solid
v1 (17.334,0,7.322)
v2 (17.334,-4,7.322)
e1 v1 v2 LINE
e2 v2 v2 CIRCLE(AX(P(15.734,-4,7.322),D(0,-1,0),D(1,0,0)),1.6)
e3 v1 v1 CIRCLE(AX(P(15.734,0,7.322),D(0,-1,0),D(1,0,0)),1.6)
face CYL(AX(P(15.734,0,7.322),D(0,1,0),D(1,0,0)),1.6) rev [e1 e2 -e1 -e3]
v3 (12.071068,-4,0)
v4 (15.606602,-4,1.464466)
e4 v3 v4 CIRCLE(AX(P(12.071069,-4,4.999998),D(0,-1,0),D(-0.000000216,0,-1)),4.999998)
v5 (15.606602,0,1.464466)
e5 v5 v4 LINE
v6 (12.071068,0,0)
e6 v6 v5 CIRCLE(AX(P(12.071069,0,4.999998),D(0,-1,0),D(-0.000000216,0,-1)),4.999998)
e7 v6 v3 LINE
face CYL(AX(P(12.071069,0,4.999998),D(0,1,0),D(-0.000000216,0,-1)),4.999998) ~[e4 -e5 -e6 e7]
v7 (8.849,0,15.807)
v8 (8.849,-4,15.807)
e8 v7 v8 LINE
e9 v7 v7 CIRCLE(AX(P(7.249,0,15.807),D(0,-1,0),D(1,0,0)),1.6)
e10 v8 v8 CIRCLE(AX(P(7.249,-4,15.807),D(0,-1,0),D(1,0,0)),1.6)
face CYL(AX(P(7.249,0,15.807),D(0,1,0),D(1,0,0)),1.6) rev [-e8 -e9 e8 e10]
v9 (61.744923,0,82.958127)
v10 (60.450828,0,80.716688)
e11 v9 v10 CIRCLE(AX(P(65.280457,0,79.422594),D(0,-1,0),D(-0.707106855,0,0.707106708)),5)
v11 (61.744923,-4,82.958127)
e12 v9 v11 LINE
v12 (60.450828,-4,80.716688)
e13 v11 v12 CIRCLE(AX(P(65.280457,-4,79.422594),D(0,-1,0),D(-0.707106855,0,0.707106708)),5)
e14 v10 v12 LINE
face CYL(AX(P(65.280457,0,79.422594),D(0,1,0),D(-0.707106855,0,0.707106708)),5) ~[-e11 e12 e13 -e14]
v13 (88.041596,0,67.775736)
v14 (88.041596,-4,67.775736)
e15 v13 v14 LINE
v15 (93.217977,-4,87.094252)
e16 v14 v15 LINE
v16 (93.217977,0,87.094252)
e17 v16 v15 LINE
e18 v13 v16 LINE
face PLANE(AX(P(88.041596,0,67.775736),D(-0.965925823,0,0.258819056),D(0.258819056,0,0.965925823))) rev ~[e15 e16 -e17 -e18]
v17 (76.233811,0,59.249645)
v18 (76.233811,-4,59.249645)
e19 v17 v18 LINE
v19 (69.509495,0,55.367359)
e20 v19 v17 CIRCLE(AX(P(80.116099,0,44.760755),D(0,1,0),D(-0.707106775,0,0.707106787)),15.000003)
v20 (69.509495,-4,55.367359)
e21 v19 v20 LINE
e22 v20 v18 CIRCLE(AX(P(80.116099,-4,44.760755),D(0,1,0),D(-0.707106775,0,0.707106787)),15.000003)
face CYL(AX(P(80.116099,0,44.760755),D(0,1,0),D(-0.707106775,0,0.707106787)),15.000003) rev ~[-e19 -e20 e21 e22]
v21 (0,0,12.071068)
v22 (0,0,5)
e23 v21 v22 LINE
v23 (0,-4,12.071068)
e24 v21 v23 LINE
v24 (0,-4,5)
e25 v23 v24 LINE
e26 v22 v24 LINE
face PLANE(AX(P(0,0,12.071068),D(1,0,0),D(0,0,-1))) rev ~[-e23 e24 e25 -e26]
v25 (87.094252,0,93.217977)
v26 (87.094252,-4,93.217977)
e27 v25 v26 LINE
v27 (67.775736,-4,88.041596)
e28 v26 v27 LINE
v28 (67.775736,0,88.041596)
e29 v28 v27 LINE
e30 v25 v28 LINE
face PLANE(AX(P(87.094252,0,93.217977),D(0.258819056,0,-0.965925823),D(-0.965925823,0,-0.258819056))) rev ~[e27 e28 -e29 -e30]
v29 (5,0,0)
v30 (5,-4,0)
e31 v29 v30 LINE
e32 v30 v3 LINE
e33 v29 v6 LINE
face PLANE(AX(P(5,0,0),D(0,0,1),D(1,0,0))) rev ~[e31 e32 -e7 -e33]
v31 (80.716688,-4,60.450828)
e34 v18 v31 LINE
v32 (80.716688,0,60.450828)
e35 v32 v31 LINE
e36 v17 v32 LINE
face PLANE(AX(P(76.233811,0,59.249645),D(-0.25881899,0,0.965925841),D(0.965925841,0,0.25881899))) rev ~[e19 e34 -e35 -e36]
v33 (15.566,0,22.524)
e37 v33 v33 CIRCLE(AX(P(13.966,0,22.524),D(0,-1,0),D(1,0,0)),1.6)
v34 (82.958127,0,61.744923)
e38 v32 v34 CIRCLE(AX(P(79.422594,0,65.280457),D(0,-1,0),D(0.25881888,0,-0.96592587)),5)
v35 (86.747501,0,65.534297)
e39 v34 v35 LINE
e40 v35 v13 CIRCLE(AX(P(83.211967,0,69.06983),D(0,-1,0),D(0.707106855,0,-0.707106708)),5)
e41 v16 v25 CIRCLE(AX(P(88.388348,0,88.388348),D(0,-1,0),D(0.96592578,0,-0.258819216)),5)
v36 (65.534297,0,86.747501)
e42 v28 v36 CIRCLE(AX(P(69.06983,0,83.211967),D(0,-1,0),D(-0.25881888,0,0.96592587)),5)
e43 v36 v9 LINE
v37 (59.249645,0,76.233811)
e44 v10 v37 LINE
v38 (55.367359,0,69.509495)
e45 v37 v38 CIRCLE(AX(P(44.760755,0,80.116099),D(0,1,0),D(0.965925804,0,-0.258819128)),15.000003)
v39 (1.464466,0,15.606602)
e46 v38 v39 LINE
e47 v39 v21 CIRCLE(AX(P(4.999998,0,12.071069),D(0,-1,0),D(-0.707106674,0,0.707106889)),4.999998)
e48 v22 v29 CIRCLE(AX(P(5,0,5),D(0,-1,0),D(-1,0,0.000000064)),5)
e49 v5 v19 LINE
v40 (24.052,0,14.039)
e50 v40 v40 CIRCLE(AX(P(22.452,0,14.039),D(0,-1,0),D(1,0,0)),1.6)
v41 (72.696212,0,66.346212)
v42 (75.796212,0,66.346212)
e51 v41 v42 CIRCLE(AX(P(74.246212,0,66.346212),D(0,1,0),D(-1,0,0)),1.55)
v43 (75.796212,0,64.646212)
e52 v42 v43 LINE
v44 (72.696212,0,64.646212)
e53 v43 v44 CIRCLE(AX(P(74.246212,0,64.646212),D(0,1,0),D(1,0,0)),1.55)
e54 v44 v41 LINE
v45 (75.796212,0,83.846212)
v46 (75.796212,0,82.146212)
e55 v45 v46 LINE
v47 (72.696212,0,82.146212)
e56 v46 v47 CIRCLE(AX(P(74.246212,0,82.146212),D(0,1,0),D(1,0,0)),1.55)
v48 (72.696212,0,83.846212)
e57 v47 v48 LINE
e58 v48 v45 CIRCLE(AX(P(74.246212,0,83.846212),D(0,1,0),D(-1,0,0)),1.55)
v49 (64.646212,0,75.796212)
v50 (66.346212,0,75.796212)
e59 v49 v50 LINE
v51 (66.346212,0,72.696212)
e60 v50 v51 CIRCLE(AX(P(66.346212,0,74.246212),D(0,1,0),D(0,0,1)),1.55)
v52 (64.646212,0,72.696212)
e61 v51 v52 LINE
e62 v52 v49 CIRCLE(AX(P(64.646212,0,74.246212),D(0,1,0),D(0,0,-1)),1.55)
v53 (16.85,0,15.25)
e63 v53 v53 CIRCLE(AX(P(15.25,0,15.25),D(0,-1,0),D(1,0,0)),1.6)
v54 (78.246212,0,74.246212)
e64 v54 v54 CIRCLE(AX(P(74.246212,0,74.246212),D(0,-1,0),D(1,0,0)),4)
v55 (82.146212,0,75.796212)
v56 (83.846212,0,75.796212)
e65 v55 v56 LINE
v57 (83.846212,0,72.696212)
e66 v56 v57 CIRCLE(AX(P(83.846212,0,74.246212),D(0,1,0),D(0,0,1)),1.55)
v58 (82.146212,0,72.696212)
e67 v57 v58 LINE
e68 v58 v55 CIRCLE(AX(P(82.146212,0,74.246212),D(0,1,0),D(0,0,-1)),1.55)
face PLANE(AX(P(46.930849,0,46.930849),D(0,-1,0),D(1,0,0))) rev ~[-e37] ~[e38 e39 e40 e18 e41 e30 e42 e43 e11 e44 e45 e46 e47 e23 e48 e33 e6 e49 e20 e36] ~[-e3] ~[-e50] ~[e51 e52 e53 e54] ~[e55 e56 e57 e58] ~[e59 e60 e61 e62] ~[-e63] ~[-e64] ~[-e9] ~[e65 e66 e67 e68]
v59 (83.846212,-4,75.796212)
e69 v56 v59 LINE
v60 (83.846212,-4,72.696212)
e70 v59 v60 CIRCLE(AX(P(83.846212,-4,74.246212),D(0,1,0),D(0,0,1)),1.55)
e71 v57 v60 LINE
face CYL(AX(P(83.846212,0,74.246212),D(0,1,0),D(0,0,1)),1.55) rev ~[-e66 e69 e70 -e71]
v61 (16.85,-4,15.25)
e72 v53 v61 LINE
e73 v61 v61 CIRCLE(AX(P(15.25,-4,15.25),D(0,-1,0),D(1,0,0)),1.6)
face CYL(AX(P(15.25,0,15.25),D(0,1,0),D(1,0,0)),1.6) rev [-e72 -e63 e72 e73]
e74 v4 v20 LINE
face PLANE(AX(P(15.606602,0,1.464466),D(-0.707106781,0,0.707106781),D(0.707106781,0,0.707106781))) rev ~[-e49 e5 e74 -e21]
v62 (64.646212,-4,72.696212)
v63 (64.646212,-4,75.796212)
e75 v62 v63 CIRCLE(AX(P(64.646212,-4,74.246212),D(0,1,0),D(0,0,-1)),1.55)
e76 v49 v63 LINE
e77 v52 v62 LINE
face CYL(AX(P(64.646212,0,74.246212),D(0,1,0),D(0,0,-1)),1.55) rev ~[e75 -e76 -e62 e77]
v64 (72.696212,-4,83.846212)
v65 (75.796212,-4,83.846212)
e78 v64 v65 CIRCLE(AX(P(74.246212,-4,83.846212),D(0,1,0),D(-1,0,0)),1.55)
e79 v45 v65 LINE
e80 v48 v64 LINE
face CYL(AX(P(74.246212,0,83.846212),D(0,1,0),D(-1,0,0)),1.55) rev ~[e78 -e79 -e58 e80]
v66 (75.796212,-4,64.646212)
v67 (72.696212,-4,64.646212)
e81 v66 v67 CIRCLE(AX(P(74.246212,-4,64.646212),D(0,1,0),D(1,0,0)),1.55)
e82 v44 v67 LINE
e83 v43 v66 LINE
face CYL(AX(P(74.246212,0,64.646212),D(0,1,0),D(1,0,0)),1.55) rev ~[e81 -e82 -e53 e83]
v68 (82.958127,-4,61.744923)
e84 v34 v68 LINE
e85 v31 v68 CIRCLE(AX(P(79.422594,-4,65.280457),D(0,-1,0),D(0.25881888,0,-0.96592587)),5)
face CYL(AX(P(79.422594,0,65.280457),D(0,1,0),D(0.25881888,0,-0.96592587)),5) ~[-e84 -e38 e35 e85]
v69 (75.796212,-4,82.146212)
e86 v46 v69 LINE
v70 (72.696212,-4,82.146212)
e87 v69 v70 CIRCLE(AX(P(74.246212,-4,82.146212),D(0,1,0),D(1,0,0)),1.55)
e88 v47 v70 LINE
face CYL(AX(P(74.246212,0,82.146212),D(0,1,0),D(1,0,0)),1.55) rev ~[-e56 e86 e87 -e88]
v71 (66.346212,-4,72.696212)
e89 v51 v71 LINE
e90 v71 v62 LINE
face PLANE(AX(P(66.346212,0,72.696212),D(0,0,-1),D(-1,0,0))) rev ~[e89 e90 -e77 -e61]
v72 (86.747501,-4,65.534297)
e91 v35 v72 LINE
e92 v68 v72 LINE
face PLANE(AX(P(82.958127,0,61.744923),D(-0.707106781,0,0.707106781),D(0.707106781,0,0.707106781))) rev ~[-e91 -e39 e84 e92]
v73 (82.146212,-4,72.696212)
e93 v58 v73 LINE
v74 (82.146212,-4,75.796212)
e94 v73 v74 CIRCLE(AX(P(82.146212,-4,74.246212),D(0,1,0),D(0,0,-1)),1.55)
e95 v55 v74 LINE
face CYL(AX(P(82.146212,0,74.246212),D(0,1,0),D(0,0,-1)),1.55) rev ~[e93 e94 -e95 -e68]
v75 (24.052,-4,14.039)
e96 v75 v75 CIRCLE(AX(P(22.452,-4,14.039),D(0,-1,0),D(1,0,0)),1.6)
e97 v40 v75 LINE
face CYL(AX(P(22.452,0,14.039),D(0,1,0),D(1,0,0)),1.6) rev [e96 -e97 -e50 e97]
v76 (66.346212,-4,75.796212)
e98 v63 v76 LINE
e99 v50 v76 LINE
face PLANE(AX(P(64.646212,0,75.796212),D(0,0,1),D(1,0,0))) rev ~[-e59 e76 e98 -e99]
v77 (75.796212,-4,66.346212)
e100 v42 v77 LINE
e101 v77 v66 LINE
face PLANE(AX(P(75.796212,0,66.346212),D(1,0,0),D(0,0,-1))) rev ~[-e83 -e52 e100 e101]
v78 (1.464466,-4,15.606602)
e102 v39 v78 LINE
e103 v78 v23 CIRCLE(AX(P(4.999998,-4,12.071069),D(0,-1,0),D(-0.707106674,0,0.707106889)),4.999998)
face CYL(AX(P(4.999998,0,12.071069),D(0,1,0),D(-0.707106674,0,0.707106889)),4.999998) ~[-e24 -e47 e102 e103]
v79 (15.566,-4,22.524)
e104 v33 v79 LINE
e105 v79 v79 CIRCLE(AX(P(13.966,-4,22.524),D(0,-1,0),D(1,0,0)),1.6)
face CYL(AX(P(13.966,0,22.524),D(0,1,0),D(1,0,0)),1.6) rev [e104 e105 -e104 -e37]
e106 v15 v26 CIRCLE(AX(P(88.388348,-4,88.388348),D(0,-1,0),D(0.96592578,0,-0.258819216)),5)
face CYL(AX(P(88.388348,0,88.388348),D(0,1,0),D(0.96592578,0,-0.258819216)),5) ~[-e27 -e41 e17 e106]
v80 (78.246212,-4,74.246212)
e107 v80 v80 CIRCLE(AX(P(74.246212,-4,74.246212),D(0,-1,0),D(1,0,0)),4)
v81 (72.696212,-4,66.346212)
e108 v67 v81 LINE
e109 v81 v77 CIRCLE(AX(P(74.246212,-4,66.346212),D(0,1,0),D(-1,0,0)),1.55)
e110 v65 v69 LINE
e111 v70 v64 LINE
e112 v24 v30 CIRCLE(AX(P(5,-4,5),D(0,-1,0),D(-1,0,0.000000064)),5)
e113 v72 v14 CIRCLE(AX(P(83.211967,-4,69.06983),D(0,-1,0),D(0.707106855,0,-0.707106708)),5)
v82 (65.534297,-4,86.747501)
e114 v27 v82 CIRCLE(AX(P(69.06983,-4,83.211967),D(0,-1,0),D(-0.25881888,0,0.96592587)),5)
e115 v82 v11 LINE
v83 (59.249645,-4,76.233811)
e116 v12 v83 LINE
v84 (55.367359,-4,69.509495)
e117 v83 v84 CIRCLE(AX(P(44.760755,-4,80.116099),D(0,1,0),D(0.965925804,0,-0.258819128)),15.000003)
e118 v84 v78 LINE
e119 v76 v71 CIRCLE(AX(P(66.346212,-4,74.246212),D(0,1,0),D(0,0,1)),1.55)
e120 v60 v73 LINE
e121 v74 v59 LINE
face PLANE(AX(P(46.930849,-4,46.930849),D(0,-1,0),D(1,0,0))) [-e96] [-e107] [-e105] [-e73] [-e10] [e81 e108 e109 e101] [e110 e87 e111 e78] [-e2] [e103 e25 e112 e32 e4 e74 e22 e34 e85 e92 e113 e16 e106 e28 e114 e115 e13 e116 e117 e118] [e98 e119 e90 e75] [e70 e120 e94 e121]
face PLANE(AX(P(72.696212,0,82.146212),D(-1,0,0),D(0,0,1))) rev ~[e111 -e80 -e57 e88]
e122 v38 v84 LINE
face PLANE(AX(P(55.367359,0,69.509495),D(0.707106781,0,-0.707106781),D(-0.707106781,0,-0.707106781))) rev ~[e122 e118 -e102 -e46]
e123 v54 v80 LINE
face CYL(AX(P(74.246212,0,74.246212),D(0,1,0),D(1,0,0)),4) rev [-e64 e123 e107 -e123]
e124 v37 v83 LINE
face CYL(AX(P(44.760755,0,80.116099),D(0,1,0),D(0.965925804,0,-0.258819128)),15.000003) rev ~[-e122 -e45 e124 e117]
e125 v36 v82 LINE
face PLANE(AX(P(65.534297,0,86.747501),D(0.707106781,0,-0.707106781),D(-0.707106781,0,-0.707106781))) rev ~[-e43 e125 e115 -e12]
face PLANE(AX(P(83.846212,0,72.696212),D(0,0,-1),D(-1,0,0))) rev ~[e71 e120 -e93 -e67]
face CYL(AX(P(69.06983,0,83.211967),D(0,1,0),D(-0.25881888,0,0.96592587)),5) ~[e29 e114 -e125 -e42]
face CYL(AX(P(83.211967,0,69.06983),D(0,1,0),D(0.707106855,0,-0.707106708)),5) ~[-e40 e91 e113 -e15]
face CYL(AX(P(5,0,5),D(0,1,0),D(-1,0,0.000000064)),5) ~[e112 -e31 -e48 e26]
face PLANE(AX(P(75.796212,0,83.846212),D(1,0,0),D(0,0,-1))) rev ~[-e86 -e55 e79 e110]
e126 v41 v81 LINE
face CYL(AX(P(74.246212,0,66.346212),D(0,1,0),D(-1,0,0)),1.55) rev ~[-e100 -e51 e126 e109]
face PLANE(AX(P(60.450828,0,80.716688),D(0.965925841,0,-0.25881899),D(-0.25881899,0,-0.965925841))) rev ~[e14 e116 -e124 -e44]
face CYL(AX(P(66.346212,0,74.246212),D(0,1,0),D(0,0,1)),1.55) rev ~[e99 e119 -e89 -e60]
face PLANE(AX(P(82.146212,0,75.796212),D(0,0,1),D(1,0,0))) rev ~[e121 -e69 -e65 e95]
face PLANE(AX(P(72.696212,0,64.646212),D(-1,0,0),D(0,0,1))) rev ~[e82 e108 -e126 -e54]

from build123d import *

# Parameters (mm, degrees)
F0_R     = 1.6
F0_R_2   = 4
F1_DEPTH = 4


with BuildPart() as f1:
    # F0 (on Front) → F1 (new body)
    with BuildSketch(Plane.XZ):
        with BuildLine():
            Line((55.367359, 69.509495), (1.464466, 15.606602))
            ThreePointArc((1.464466, 15.606602), (0.380602, 13.984485), (0, 12.071068))
            Line((0, 12.071068), (0, 5))
            ThreePointArc((0, 5), (1.464466, 1.464466), (5, 0))
            Line((5, 0), (12.071068, 0))
            ThreePointArc((12.071068, 0), (13.984485, 0.380602), (15.606602, 1.464466))
            Line((15.606602, 1.464466), (69.509495, 55.367359))
            ThreePointArc((69.509495, 55.367359), (72.616096, 57.751138), (76.233811, 59.249645))
            Line((76.233811, 59.249645), (80.716688, 60.450828))
            ThreePointArc((80.716688, 60.450828), (81.922593, 60.95033), (82.958127, 61.744923))
            Line((82.958127, 61.744923), (86.747501, 65.534297))
            ThreePointArc((86.747501, 65.534297), (87.542094, 66.569831), (88.041596, 67.775736))
            Line((88.041596, 67.775736), (93.217977, 87.094252))
            ThreePointArc((93.217977, 87.094252), (91.923882, 91.923882), (87.094252, 93.217977))
            Line((87.094252, 93.217977), (67.775736, 88.041596))
            ThreePointArc((67.775736, 88.041596), (66.569831, 87.542094), (65.534297, 86.747501))
            Line((65.534297, 86.747501), (61.744923, 82.958127))
            ThreePointArc((61.744923, 82.958127), (60.95033, 81.922593), (60.450828, 80.716688))
            Line((60.450828, 80.716688), (59.249645, 76.233811))
            ThreePointArc((59.249645, 76.233811), (57.751138, 72.616096), (55.367359, 69.509495))
        make_face()
        with Locations((15.734, 7.322)):
            Circle(F0_R, mode=Mode.SUBTRACT)
        with Locations((7.249, 15.807)):
            Circle(F0_R, mode=Mode.SUBTRACT)
        with Locations((15.25, 15.25)):
            Circle(F0_R, mode=Mode.SUBTRACT)
        with Locations((22.452, 14.039)):
            Circle(F0_R, mode=Mode.SUBTRACT)
        with Locations((13.966, 22.524)):
            Circle(F0_R, mode=Mode.SUBTRACT)
        with BuildLine():
            ThreePointArc((75.796212, 64.646212), (74.246212, 63.096212), (72.696212, 64.646212))
            Line((72.696212, 64.646212), (72.696212, 66.346212))
            ThreePointArc((72.696212, 66.346212), (74.246212, 67.896212), (75.796212, 66.346212))
            Line((75.796212, 66.346212), (75.796212, 64.646212))
        make_face(mode=Mode.SUBTRACT)
        with BuildLine():
            ThreePointArc((64.646212, 72.696212), (63.096212, 74.246212), (64.646212, 75.796212))
            Line((64.646212, 75.796212), (66.346212, 75.796212))
            ThreePointArc((66.346212, 75.796212), (67.896212, 74.246212), (66.346212, 72.696212))
            Line((66.346212, 72.696212), (64.646212, 72.696212))
        make_face(mode=Mode.SUBTRACT)
        with Locations((74.246212, 74.246212)):
            Circle(F0_R_2, mode=Mode.SUBTRACT)
        with BuildLine():
            ThreePointArc((83.846212, 75.796212), (85.396212, 74.246212), (83.846212, 72.696212))
            Line((83.846212, 72.696212), (82.146212, 72.696212))
            ThreePointArc((82.146212, 72.696212), (80.596212, 74.246212), (82.146212, 75.796212))
            Line((82.146212, 75.796212), (83.846212, 75.796212))
        make_face(mode=Mode.SUBTRACT)
        with BuildLine():
            ThreePointArc((72.696212, 83.846212), (74.246212, 85.396212), (75.796212, 83.846212))
            Line((75.796212, 83.846212), (75.796212, 82.146212))
            ThreePointArc((75.796212, 82.146212), (74.246212, 80.596212), (72.696212, 82.146212))
            Line((72.696212, 82.146212), (72.696212, 83.846212))
        make_face(mode=Mode.SUBTRACT)
    extrude(amount=F1_DEPTH)


solid = f1.part
